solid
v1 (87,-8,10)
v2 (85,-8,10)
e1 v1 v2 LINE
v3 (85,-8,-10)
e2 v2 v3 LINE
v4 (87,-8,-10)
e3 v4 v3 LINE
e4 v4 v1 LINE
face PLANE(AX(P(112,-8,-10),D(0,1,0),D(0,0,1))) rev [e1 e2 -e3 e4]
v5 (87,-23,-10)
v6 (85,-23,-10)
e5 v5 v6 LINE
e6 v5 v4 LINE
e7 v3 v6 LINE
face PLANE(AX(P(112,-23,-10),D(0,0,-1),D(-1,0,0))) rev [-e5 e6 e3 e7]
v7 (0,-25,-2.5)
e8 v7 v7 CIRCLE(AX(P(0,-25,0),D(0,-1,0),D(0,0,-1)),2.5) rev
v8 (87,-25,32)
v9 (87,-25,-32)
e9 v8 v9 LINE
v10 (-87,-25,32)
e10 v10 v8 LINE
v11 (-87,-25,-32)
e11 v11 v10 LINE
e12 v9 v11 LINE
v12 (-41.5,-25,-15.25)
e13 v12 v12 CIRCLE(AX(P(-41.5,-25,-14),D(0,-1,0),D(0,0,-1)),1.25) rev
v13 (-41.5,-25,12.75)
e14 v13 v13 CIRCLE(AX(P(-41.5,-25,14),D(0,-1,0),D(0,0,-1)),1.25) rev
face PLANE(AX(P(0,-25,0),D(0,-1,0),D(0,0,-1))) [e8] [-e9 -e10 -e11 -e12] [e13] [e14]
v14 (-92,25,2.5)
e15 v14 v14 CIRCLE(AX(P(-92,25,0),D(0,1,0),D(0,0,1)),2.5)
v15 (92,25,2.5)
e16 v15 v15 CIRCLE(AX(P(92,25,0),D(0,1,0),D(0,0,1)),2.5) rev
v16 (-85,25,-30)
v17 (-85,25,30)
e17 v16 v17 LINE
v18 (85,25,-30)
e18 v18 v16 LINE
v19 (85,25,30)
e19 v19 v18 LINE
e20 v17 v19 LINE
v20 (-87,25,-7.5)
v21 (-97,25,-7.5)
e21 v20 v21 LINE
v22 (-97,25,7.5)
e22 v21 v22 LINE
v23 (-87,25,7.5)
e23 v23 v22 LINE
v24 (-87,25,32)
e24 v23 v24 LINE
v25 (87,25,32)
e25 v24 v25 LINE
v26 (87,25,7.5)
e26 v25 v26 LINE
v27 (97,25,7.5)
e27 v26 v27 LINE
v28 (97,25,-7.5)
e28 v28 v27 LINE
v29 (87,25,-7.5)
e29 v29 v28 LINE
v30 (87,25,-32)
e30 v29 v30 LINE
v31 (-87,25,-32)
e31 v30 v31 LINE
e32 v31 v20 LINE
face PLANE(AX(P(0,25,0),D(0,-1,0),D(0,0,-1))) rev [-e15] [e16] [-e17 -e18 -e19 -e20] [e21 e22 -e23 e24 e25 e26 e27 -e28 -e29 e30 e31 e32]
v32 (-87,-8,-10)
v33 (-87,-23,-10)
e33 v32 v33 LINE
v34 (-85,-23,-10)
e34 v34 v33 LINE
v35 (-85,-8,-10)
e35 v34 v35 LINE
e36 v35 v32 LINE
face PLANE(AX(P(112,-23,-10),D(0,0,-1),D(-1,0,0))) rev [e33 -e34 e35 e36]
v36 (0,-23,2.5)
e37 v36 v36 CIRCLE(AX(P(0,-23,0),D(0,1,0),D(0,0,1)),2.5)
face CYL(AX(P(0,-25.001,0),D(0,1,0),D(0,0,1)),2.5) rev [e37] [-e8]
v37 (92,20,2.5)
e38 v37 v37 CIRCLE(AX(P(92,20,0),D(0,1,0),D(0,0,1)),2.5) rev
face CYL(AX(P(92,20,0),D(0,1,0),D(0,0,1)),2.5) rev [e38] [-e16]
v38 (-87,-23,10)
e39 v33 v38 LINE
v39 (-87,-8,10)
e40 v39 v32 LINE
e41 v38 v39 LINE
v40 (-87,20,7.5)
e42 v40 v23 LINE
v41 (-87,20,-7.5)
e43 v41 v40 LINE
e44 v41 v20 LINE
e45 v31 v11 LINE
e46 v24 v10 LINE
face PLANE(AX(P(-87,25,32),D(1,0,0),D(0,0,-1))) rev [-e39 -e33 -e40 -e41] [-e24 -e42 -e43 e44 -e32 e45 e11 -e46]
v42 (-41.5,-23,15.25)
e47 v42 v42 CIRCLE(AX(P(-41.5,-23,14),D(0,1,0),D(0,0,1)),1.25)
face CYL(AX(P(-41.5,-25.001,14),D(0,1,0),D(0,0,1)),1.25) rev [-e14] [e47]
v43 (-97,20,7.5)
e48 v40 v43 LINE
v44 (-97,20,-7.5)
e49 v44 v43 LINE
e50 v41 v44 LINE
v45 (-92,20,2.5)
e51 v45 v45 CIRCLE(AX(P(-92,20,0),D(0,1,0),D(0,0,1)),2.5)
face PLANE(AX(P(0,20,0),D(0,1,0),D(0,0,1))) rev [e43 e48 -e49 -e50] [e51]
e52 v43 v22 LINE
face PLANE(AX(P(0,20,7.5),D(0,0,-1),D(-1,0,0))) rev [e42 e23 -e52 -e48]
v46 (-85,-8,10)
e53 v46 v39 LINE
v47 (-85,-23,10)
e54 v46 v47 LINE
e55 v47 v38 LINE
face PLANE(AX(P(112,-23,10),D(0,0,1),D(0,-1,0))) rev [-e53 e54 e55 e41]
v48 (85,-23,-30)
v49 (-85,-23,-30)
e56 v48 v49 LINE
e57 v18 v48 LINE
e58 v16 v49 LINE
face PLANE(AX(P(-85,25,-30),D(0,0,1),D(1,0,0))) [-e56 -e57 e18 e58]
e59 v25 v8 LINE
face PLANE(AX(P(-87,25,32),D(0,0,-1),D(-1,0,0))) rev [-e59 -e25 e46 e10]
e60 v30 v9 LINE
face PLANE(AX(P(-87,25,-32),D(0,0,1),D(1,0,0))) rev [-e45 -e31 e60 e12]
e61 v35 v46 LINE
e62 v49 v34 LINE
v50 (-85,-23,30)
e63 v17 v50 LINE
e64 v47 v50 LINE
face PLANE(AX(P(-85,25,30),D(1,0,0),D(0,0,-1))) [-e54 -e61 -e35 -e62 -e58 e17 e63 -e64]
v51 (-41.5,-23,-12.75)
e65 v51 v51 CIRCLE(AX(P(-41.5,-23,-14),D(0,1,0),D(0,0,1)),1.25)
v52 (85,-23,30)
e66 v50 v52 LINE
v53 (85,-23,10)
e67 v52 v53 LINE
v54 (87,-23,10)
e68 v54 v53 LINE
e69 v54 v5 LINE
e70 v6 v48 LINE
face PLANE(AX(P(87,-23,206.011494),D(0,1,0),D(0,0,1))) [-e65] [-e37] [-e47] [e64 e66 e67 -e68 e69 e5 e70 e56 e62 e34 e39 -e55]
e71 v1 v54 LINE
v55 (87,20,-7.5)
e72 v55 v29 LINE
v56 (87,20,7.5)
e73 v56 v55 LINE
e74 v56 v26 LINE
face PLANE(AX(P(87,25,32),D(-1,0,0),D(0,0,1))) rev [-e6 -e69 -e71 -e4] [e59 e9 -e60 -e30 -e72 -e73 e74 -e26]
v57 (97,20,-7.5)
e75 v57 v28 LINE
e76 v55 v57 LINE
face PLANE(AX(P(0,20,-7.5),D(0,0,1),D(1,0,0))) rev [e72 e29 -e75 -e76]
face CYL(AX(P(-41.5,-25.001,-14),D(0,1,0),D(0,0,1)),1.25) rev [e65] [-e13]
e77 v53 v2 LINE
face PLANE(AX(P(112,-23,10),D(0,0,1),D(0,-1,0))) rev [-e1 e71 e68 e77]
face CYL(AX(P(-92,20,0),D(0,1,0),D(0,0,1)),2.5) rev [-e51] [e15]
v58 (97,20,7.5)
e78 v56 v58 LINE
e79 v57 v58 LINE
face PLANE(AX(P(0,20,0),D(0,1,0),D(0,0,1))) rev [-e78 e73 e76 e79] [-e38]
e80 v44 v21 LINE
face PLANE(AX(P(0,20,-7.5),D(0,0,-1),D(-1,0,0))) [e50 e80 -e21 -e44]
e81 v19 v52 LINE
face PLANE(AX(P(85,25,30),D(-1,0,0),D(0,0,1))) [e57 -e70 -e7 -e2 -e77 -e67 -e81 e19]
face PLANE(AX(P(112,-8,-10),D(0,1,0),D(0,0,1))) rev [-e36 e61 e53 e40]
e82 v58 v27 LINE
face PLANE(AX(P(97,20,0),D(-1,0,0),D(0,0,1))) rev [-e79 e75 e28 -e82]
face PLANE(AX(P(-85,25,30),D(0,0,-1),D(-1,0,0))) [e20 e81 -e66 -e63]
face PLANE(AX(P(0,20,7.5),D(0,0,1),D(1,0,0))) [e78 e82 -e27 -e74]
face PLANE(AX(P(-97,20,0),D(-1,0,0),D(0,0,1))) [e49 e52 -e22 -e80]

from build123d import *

# Parameters (mm, degrees)
SKETCH1_W           = 174
SKETCH1_H           = 64
SKETCH1_W_2         = 170
SKETCH1_H_2         = 60
BOSS_EXTRUDE1_DEPTH = 25
SKETCH2_W           = 174
SKETCH2_H           = 2
BOSS_EXTRUDE2_DEPTH = 64
SKETCH9_W           = 10
SKETCH9_H           = 15
SKETCH9_R           = 2.5
BOSS_EXTRUDE3_DEPTH = 5
SKETCH10_W          = 20
SKETCH10_H          = 15
CUT_EXTRUDE2_DEPTH  = 174
CUT_EXTRUDE3_REACH  = 4
SKETCH11_R          = 2.5
SKETCH11_R_2        = 1.25


with BuildPart() as part:
    # Sketch1 → Boss-Extrude1 (new body, symmetric)
    with BuildSketch(Plane(origin=(0, 0, 0), x_dir=(1, 0, 0), z_dir=(0, 1, 0))):
        Rectangle(SKETCH1_W, SKETCH1_H)
        Rectangle(SKETCH1_W_2, SKETCH1_H_2, mode=Mode.SUBTRACT)
    extrude(amount=BOSS_EXTRUDE1_DEPTH, both=True)

    # Sketch2 → Boss-Extrude2 (add)
    with BuildSketch(Plane(origin=(0, 0, -32), x_dir=(-1, 0, 0), z_dir=(0, 0, -1))):
        with Locations((0, -24)):
            Rectangle(SKETCH2_W, SKETCH2_H)
    extrude(amount=-BOSS_EXTRUDE2_DEPTH)

    # Sketch9 → Boss-Extrude3 (add)
    with BuildSketch(Plane(origin=(0, 25, 0), x_dir=(1, 0, 0), z_dir=(0, 1, 0))):
        with Locations((-92, 0)):
            Rectangle(SKETCH9_W, SKETCH9_H)
        with Locations((-92, 0)):
            Circle(SKETCH9_R, mode=Mode.SUBTRACT)
        with Locations((92, 0)):
            Rectangle(SKETCH9_W, SKETCH9_H)
        with Locations((92, 0)):
            Circle(SKETCH9_R, mode=Mode.SUBTRACT)
    extrude(amount=-BOSS_EXTRUDE3_DEPTH)

    # Sketch10 → Cut-Extrude2 (cut)
    with BuildSketch(Plane.ZY.offset(87)):
        with Locations((0, -15.5)):
            Rectangle(SKETCH10_W, SKETCH10_H)
    extrude(amount=-CUT_EXTRUDE2_DEPTH, mode=Mode.SUBTRACT)

    # Sketch11 → Cut-Extrude3 (cut, up to next)
    with BuildSketch(Plane(origin=(0, -23, 0), x_dir=(1, 0, 0), z_dir=(0, 1, 0)), mode=Mode.PRIVATE) as cut_extrude3_sk1:
        Circle(SKETCH11_R)
    cut_extrude3_tool1 = extrude(cut_extrude3_sk1.sketch, amount=-CUT_EXTRUDE3_REACH, mode=Mode.PRIVATE) & part.part
    add(cut_extrude3_tool1.solids().sort_by_distance((0, -23, 0))[0], mode=Mode.SUBTRACT)
    # Sketch11 → Cut-Extrude3 (cut, up to next)
    with BuildSketch(Plane(origin=(0, -23, 0), x_dir=(1, 0, 0), z_dir=(0, 1, 0)), mode=Mode.PRIVATE) as cut_extrude3_sk2:
        with Locations((-41.5, 14)):
            Circle(SKETCH11_R_2)
    cut_extrude3_tool2 = extrude(cut_extrude3_sk2.sketch, amount=-CUT_EXTRUDE3_REACH, mode=Mode.PRIVATE) & part.part
    add(cut_extrude3_tool2.solids().sort_by_distance((-41.5, -23, -14))[0], mode=Mode.SUBTRACT)
    # Sketch11 → Cut-Extrude3 (cut, up to next)
    with BuildSketch(Plane(origin=(0, -23, 0), x_dir=(1, 0, 0), z_dir=(0, 1, 0)), mode=Mode.PRIVATE) as cut_extrude3_sk3:
        with Locations((-41.5, -14)):
            Circle(SKETCH11_R_2)
    cut_extrude3_tool3 = extrude(cut_extrude3_sk3.sketch, amount=-CUT_EXTRUDE3_REACH, mode=Mode.PRIVATE) & part.part
    add(cut_extrude3_tool3.solids().sort_by_distance((-41.5, -23, 14))[0], mode=Mode.SUBTRACT)


solid = part.part
